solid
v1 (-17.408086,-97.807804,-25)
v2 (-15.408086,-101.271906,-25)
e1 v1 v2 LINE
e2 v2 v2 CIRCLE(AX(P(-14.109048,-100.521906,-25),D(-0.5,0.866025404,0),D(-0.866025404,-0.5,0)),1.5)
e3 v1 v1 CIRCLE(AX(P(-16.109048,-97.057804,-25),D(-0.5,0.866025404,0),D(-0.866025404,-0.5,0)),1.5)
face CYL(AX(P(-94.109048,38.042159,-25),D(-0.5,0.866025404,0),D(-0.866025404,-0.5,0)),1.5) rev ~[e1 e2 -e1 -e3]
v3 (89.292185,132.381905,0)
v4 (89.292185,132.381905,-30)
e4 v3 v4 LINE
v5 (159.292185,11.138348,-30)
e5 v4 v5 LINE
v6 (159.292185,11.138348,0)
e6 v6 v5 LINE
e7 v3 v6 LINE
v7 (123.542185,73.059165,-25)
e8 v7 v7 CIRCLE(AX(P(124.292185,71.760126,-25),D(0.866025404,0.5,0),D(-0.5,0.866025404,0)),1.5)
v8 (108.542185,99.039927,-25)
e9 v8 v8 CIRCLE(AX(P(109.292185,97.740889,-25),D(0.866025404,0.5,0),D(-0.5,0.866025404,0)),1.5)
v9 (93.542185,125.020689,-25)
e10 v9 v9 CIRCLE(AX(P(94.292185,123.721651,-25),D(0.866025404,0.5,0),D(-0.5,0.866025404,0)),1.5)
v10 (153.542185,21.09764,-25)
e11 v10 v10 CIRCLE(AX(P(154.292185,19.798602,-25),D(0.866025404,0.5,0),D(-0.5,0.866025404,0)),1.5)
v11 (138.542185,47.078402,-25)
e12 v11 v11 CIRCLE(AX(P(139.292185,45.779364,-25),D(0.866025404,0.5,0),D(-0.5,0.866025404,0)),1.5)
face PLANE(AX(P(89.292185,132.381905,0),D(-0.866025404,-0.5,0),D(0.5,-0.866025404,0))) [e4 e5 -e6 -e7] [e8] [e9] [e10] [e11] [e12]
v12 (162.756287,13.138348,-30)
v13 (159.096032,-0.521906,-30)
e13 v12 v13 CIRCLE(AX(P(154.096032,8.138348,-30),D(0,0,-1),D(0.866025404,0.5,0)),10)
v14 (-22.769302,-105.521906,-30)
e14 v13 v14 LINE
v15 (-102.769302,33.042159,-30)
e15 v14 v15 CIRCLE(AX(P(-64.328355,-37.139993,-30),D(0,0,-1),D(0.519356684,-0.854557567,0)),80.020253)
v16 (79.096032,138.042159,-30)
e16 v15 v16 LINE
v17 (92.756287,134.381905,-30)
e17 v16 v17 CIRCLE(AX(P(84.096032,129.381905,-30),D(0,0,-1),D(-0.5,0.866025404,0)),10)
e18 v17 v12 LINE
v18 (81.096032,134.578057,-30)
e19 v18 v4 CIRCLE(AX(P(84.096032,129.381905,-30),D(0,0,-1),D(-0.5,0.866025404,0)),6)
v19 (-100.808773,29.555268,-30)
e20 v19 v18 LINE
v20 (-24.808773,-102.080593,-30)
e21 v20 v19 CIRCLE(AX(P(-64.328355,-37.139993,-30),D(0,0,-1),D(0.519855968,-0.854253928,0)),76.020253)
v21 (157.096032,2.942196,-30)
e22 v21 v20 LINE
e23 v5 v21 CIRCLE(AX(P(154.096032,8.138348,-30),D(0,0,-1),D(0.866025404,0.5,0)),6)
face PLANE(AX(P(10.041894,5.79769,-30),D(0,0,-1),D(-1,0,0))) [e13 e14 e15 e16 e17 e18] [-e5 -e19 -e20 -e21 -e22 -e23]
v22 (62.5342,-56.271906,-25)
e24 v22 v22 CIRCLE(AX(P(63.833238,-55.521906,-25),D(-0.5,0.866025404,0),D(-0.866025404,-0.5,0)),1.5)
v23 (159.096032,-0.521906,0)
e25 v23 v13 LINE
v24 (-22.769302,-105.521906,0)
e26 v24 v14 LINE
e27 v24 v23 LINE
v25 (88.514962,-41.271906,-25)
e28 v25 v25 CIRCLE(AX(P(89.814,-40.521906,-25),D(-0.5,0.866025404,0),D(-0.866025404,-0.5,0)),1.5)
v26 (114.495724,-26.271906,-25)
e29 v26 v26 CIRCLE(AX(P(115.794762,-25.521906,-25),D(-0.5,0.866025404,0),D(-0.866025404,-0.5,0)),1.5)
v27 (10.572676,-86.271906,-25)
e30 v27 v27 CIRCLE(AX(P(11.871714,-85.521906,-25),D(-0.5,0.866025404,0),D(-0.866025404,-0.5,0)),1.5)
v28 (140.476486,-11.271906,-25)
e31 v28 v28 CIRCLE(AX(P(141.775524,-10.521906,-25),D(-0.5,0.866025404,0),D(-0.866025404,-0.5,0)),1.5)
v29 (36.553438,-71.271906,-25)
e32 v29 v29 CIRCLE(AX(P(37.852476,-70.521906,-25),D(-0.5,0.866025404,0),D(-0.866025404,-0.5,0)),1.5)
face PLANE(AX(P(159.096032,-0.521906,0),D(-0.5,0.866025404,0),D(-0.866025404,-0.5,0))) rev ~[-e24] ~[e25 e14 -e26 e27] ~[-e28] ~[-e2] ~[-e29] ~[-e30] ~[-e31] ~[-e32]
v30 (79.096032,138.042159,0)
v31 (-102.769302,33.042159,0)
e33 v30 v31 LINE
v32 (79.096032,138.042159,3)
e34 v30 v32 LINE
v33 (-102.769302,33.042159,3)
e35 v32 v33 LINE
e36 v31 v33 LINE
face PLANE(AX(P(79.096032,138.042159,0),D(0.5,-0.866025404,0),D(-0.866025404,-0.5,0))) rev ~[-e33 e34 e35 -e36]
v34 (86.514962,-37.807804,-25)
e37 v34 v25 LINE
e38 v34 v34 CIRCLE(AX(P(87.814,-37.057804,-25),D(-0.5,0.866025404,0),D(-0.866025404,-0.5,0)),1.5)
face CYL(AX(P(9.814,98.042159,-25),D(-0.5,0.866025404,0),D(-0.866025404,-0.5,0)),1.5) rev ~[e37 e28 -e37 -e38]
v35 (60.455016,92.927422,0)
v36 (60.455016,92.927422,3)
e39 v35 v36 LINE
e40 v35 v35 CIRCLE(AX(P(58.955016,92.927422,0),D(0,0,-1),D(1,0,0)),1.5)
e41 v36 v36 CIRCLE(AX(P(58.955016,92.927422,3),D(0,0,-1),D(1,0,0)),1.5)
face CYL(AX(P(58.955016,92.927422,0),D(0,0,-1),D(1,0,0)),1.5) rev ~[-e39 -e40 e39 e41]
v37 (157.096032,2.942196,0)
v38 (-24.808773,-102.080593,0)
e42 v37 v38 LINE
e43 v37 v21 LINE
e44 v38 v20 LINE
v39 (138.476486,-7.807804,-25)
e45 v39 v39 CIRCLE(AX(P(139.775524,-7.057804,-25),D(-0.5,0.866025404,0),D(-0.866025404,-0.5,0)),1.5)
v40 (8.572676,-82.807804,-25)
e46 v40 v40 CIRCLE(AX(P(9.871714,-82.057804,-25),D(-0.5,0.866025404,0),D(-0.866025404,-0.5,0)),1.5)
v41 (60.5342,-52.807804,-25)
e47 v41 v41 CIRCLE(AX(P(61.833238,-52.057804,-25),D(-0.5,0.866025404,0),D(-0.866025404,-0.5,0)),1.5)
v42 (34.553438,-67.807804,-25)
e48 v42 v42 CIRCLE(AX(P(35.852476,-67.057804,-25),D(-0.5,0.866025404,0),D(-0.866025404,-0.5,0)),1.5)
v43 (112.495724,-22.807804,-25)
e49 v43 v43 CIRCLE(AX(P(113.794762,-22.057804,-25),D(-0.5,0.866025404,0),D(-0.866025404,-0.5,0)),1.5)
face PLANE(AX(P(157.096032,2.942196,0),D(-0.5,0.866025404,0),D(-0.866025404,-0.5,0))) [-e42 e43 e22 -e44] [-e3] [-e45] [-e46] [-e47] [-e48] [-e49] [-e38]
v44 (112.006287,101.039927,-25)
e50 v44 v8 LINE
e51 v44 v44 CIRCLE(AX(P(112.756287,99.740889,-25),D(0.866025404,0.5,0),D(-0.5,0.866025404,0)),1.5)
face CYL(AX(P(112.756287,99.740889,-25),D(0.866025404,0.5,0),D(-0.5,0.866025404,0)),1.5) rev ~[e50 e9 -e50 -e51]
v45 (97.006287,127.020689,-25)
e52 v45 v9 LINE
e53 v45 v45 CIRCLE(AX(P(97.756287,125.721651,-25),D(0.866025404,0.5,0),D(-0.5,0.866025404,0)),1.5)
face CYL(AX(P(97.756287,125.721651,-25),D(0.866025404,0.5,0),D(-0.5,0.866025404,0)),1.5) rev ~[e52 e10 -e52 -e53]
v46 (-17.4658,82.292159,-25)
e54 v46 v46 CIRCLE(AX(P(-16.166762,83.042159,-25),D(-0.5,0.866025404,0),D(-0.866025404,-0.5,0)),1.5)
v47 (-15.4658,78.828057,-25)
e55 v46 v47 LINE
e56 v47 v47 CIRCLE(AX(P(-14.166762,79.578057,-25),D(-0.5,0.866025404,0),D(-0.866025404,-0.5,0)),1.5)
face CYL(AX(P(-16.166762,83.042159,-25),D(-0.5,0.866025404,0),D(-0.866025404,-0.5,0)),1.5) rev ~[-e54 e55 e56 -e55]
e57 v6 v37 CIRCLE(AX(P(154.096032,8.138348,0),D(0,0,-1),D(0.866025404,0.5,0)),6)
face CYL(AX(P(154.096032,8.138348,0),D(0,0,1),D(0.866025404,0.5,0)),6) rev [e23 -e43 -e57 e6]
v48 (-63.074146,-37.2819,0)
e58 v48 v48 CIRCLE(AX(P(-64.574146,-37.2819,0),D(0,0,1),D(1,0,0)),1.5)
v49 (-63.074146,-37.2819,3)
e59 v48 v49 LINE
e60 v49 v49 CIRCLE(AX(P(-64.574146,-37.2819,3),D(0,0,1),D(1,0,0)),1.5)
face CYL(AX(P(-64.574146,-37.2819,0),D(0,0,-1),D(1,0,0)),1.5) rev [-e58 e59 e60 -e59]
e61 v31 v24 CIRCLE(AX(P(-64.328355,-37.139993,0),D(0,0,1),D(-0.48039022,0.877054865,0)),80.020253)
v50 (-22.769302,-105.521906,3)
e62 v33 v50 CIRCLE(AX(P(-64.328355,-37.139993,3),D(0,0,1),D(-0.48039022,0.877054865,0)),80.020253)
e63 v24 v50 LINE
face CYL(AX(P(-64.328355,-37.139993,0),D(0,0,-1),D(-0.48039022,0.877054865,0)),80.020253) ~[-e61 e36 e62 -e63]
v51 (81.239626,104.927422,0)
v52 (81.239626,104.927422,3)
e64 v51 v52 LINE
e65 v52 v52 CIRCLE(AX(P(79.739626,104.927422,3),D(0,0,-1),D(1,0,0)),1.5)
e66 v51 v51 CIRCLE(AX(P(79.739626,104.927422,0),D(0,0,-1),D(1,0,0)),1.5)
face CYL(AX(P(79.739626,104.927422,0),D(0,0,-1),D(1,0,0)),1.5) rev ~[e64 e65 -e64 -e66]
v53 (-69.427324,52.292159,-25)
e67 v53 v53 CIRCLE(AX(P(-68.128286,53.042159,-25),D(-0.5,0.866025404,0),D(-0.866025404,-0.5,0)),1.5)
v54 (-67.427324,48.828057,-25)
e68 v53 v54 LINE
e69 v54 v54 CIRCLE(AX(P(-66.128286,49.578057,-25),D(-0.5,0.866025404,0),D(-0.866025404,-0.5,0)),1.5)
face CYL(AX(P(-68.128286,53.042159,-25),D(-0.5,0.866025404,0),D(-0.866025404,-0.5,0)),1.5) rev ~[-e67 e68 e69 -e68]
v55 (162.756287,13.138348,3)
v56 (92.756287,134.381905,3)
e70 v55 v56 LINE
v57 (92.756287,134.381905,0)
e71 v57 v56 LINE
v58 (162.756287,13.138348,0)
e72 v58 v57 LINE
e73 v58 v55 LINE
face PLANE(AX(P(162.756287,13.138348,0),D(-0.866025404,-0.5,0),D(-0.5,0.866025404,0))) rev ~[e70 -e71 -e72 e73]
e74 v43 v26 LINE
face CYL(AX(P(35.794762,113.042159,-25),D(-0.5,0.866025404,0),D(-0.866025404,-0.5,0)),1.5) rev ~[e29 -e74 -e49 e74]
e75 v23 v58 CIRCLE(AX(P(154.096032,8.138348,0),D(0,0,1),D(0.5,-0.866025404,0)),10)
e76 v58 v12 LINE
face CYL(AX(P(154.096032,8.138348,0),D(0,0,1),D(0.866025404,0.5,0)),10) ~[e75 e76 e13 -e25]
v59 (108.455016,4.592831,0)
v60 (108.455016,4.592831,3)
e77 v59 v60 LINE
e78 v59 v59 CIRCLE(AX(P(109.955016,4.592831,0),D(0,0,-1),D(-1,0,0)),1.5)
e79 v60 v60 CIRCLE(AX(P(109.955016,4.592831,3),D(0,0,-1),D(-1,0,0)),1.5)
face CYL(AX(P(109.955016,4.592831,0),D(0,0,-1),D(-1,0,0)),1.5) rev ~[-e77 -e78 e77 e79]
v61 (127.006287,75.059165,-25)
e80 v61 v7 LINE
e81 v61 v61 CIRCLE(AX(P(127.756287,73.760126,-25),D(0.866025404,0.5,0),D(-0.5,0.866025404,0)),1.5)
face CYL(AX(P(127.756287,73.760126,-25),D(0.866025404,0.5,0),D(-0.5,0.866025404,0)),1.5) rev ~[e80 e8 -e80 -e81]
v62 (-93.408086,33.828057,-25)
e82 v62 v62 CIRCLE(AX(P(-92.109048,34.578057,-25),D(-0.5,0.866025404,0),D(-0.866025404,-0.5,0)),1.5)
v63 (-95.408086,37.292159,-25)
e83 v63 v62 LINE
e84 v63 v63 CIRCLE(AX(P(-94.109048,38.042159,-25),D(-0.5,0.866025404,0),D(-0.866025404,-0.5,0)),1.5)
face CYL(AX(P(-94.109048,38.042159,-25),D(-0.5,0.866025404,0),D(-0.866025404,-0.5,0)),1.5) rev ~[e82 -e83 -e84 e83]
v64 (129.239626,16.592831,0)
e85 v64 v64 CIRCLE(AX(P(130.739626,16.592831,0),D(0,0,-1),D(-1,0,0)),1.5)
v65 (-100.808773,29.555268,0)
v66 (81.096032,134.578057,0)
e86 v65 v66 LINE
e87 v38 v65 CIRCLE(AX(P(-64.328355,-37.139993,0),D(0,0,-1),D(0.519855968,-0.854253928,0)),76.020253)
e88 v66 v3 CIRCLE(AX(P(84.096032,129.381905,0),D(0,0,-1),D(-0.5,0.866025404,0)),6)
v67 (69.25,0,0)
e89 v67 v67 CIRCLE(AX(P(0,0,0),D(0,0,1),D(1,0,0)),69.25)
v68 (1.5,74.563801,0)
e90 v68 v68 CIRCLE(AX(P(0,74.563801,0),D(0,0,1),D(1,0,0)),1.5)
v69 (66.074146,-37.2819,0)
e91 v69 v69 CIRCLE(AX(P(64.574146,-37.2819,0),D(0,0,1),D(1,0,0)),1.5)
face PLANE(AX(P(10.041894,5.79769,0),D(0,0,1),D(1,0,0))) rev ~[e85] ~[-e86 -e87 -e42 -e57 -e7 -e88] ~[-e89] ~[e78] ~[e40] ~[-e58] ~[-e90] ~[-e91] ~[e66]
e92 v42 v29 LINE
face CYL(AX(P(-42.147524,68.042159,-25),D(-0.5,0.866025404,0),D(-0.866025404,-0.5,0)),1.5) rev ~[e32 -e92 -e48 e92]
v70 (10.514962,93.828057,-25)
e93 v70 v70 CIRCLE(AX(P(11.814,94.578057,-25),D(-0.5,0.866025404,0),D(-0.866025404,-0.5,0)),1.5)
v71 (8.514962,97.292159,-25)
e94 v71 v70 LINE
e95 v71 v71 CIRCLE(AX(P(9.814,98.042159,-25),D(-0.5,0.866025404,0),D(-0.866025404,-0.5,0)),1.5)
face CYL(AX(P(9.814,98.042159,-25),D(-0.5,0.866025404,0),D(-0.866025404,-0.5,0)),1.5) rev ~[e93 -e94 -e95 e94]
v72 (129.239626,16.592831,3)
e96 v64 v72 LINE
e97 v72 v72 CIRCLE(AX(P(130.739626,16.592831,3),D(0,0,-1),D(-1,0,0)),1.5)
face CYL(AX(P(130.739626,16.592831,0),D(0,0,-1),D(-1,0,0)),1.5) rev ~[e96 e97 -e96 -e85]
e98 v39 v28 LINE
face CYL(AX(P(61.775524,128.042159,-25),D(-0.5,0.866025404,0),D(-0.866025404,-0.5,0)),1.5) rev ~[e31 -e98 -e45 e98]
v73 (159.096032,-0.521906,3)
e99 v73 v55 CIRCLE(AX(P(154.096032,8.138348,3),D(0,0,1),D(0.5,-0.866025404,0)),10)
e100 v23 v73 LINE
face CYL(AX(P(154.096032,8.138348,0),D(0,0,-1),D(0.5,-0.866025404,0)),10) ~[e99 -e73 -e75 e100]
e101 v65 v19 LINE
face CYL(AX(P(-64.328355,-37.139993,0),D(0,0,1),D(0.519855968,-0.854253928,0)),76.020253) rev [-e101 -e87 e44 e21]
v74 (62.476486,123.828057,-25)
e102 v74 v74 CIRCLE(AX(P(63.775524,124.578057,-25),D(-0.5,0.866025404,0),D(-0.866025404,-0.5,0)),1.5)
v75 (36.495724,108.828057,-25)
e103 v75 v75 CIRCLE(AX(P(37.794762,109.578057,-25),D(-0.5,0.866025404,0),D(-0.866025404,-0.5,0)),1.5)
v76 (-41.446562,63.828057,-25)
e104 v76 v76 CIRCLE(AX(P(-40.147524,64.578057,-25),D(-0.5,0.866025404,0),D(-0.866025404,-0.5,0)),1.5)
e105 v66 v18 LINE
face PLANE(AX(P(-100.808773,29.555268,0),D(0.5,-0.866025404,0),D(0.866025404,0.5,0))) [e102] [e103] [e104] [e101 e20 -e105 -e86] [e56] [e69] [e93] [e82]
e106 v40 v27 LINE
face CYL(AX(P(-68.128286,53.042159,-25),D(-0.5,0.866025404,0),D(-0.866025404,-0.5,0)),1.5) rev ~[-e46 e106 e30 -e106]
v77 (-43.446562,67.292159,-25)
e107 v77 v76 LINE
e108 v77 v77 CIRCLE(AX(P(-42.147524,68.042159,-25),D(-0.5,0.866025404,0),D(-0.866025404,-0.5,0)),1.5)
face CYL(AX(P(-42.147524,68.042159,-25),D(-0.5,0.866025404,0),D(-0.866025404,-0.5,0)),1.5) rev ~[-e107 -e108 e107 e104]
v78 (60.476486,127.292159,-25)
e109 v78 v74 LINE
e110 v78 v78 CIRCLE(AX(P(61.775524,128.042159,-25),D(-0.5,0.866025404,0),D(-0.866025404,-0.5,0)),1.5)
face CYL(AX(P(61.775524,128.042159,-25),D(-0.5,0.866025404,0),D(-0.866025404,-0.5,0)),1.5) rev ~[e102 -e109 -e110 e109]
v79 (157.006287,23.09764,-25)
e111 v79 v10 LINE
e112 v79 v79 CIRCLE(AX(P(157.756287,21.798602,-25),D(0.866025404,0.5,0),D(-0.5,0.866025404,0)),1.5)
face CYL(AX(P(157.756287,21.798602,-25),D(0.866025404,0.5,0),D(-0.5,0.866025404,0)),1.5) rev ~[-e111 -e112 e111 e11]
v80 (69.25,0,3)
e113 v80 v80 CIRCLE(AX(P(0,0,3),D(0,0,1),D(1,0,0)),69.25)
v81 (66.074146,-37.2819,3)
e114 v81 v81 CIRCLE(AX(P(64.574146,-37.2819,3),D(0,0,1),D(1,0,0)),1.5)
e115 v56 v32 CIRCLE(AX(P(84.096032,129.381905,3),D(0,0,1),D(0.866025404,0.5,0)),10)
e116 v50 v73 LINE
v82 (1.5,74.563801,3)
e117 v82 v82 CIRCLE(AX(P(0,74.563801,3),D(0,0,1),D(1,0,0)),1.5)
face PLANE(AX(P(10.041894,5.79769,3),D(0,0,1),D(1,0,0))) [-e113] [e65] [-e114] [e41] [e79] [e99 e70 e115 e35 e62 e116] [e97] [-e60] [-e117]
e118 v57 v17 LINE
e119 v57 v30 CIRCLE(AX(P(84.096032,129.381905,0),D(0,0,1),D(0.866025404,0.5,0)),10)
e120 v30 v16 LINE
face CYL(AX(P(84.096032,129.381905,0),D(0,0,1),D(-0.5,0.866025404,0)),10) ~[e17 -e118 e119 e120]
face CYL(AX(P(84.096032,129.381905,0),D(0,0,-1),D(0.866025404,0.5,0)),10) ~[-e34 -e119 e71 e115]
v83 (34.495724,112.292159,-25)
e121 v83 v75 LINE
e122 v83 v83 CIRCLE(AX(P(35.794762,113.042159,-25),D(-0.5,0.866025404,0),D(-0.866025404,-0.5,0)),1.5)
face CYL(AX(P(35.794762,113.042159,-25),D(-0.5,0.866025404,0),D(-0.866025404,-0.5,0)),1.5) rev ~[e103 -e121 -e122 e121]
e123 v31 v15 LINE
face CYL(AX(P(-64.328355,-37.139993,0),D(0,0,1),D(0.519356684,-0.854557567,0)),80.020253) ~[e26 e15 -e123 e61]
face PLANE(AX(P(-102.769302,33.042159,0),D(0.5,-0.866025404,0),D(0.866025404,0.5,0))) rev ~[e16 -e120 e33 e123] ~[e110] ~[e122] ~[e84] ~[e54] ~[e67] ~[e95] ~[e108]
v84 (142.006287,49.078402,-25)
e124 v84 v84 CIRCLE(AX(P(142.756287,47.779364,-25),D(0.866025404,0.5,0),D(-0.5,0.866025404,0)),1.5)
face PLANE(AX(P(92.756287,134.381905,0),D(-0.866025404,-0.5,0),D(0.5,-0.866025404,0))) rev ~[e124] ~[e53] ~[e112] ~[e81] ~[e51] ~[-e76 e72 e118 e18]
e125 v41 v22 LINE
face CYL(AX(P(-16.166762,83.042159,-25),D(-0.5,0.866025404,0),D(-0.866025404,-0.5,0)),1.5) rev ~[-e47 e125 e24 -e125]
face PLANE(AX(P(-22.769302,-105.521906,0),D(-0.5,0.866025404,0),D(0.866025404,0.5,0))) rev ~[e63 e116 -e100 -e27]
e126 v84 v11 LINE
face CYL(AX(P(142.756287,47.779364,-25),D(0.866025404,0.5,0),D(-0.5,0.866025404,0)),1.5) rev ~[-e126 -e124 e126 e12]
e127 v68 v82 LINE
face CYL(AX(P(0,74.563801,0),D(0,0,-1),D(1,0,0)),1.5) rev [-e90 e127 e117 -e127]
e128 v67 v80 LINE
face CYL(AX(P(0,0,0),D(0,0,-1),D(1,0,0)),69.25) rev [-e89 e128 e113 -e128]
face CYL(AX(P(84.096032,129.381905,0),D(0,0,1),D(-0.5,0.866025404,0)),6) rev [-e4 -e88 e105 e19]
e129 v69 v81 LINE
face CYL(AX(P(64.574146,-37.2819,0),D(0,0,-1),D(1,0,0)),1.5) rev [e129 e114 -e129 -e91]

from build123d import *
from build123d.topology import SkipClean

# Parameters (mm, degrees)
SKETCH_1_R           = 1.5
SKETCH_1_R_2         = 69.25
EXTRUDE_1_DEPTH      = 3
SKETCH_2_R           = 1.5
CUT_EXTRUDE_1_DEPTH  = 10
EXTRUDE_4_DEPTH      = 30
SKETCH_21_R          = 1.5
CUT_EXTRUDE_16_DEPTH = 279.057392773
SKETCH_22_R          = 1.5
CUT_EXTRUDE_17_DEPTH = 15


with BuildPart() as part:
    # 草图1 → 凸台-拉伸1 (new body)
    with BuildSketch(Plane.XY):
        with BuildLine():
            Line((-22.769302312, -105.521905889), (96.897661611, -36.432152055))
            Line((96.897661611, -36.432152055), (159.096032483, -0.521905889))
            ThreePointArc((159.096032483, -0.521905889), (163.755290746, 5.550157697), (162.756286521, 13.138348148))
            Line((162.756286521, 13.138348148), (92.756286521, 134.381904678))
            ThreePointArc((92.756286521, 134.381904678), (86.684222934, 139.041162941), (79.096032483, 138.042158716))
            Line((79.096032483, 138.042158716), (16.897661611, 102.13191255))
            Line((16.897661611, 102.13191255), (-102.769302312, 33.042158716))
            ThreePointArc((-102.769302312, 33.042158716), (-133.627927222, -77.150119753), (-22.769302312, -105.521905889))
        make_face()
        with Locations((0, 74.563800918)):
            Circle(SKETCH_1_R, mode=Mode.SUBTRACT)
        with Locations((64.574145798, -37.281900459)):
            Circle(SKETCH_1_R, mode=Mode.SUBTRACT)
        with Locations((-64.574145798, -37.281900459)):
            Circle(SKETCH_1_R, mode=Mode.SUBTRACT)
        Circle(SKETCH_1_R_2, mode=Mode.SUBTRACT)
    extrude(amount=EXTRUDE_1_DEPTH)

    # 草图2 → 切除-拉伸1 (cut)
    with BuildSketch(Plane(origin=(0, 0, 0), x_dir=(-1, 0, 0), z_dir=(0, 0, -1))):
        with Locations((-109.955016331, 4.59283082)):
            Circle(SKETCH_2_R)
        with Locations((-130.739626022, 16.59283082)):
            Circle(SKETCH_2_R)
        with Locations(Location((-58.955016331, 92.927422006, 0), (0, 0, 180))):
            Circle(SKETCH_2_R)
        with Locations(Location((-79.739626022, 104.927422006, 0), (0, 0, 180))):
            Circle(SKETCH_2_R)
    extrude(amount=-CUT_EXTRUDE_1_DEPTH, mode=Mode.SUBTRACT)

    # 草图20 → 凸台-拉伸4 (add)
    with SkipClean():  # the faces are left unmerged after this step: merging them gives an invalid solid
        with BuildSketch(Plane(origin=(0, 0, 0), x_dir=(-1, 0, 0), z_dir=(0, 0, -1))):
            with BuildLine():
                Line((-92.756286521, 134.381904678), (-162.756286521, 13.138348148))
                ThreePointArc((-162.756286521, 13.138348148), (-163.755290746, 5.550157697), (-159.096032483, -0.521905889))
                Line((-159.096032483, -0.521905889), (22.769302312, -105.521905889))
                ThreePointArc((22.769302312, -105.521905889), (133.627927222, -77.150119753), (102.769302312, 33.042158716))
                Line((102.769302312, 33.042158716), (-79.096032483, 138.042158716))
                ThreePointArc((-79.096032483, 138.042158716), (-86.684222934, 139.041162941), (-92.756286521, 134.381904678))
            make_face()
            with BuildLine():
                Line((-89.292184905, 132.381904678), (-159.292184905, 11.138348148))
                ThreePointArc((-159.292184905, 11.138348148), (-159.89158744, 6.585433878), (-157.096032483, 2.942195726))
                Line((-157.096032483, 2.942195726), (24.808773358, -102.080592893))
                ThreePointArc((24.808773358, -102.080592893), (130.163825607, -75.150119753), (100.808773358, 29.555268482))
                Line((100.808773358, 29.555268482), (-81.096032483, 134.578057101))
                ThreePointArc((-81.096032483, 134.578057101), (-85.648946753, 135.177459636), (-89.292184905, 132.381904678))
            make_face(mode=Mode.SUBTRACT)
        extrude(amount=EXTRUDE_4_DEPTH)

    # 草图21 → 切除-拉伸16 (cut, through all)
    with SkipClean():  # the faces are left unmerged after this step: merging them gives an invalid solid
        with BuildSketch(Plane(origin=(-40, 69.282032303, 0), x_dir=(0.8660254037844386, 0.4999999999999999, 0), z_dir=(-0.49999999999999994, 0.8660254037844387, 0))):
            with Locations(Location((-62.479747173, 25, 0), (0, 0, 180))):
                Circle(SKETCH_21_R)
            with Locations(Location((-32.479747173, 25, 0), (0, 0, 180))):
                Circle(SKETCH_21_R)
            with Locations(Location((-2.479747173, 25, 0), (0, 0, 180))):
                Circle(SKETCH_21_R)
            with Locations(Location((27.520252827, 25, 0), (0, 0, 180))):
                Circle(SKETCH_21_R)
            with Locations(Location((57.520252827, 25, 0), (0, 0, 180))):
                Circle(SKETCH_21_R)
            with Locations(Location((87.520252827, 25, 0), (0, 0, 180))):
                Circle(SKETCH_21_R)
            with Locations(Location((117.520252827, 25, 0), (0, 0, 180))):
                Circle(SKETCH_21_R)
        extrude(amount=-CUT_EXTRUDE_16_DEPTH, mode=Mode.SUBTRACT)

    # 草图22 → 切除-拉伸17 (cut)
    with SkipClean():  # the faces are left unmerged after this step: merging them gives an invalid solid
        with BuildSketch(Plane(origin=(127.756286521, 73.760126413, 0), x_dir=(0, 0, -1), z_dir=(0.8660254037844386, 0.5000000000000001, 0))):
            with Locations(Location((25, 60, 0), (0, 0, 90))):
                Circle(SKETCH_22_R)
            with Locations(Location((25, 30, 0), (0, 0, 90))):
                Circle(SKETCH_22_R)
            with Locations(Location((25, 0, 0), (0, 0, 90))):
                Circle(SKETCH_22_R)
            with Locations(Location((25, -30, 0), (0, 0, 90))):
                Circle(SKETCH_22_R)
            with Locations(Location((25, -60, 0), (0, 0, 90))):
                Circle(SKETCH_22_R)
        extrude(amount=-CUT_EXTRUDE_17_DEPTH, mode=Mode.SUBTRACT)


solid = part.part
